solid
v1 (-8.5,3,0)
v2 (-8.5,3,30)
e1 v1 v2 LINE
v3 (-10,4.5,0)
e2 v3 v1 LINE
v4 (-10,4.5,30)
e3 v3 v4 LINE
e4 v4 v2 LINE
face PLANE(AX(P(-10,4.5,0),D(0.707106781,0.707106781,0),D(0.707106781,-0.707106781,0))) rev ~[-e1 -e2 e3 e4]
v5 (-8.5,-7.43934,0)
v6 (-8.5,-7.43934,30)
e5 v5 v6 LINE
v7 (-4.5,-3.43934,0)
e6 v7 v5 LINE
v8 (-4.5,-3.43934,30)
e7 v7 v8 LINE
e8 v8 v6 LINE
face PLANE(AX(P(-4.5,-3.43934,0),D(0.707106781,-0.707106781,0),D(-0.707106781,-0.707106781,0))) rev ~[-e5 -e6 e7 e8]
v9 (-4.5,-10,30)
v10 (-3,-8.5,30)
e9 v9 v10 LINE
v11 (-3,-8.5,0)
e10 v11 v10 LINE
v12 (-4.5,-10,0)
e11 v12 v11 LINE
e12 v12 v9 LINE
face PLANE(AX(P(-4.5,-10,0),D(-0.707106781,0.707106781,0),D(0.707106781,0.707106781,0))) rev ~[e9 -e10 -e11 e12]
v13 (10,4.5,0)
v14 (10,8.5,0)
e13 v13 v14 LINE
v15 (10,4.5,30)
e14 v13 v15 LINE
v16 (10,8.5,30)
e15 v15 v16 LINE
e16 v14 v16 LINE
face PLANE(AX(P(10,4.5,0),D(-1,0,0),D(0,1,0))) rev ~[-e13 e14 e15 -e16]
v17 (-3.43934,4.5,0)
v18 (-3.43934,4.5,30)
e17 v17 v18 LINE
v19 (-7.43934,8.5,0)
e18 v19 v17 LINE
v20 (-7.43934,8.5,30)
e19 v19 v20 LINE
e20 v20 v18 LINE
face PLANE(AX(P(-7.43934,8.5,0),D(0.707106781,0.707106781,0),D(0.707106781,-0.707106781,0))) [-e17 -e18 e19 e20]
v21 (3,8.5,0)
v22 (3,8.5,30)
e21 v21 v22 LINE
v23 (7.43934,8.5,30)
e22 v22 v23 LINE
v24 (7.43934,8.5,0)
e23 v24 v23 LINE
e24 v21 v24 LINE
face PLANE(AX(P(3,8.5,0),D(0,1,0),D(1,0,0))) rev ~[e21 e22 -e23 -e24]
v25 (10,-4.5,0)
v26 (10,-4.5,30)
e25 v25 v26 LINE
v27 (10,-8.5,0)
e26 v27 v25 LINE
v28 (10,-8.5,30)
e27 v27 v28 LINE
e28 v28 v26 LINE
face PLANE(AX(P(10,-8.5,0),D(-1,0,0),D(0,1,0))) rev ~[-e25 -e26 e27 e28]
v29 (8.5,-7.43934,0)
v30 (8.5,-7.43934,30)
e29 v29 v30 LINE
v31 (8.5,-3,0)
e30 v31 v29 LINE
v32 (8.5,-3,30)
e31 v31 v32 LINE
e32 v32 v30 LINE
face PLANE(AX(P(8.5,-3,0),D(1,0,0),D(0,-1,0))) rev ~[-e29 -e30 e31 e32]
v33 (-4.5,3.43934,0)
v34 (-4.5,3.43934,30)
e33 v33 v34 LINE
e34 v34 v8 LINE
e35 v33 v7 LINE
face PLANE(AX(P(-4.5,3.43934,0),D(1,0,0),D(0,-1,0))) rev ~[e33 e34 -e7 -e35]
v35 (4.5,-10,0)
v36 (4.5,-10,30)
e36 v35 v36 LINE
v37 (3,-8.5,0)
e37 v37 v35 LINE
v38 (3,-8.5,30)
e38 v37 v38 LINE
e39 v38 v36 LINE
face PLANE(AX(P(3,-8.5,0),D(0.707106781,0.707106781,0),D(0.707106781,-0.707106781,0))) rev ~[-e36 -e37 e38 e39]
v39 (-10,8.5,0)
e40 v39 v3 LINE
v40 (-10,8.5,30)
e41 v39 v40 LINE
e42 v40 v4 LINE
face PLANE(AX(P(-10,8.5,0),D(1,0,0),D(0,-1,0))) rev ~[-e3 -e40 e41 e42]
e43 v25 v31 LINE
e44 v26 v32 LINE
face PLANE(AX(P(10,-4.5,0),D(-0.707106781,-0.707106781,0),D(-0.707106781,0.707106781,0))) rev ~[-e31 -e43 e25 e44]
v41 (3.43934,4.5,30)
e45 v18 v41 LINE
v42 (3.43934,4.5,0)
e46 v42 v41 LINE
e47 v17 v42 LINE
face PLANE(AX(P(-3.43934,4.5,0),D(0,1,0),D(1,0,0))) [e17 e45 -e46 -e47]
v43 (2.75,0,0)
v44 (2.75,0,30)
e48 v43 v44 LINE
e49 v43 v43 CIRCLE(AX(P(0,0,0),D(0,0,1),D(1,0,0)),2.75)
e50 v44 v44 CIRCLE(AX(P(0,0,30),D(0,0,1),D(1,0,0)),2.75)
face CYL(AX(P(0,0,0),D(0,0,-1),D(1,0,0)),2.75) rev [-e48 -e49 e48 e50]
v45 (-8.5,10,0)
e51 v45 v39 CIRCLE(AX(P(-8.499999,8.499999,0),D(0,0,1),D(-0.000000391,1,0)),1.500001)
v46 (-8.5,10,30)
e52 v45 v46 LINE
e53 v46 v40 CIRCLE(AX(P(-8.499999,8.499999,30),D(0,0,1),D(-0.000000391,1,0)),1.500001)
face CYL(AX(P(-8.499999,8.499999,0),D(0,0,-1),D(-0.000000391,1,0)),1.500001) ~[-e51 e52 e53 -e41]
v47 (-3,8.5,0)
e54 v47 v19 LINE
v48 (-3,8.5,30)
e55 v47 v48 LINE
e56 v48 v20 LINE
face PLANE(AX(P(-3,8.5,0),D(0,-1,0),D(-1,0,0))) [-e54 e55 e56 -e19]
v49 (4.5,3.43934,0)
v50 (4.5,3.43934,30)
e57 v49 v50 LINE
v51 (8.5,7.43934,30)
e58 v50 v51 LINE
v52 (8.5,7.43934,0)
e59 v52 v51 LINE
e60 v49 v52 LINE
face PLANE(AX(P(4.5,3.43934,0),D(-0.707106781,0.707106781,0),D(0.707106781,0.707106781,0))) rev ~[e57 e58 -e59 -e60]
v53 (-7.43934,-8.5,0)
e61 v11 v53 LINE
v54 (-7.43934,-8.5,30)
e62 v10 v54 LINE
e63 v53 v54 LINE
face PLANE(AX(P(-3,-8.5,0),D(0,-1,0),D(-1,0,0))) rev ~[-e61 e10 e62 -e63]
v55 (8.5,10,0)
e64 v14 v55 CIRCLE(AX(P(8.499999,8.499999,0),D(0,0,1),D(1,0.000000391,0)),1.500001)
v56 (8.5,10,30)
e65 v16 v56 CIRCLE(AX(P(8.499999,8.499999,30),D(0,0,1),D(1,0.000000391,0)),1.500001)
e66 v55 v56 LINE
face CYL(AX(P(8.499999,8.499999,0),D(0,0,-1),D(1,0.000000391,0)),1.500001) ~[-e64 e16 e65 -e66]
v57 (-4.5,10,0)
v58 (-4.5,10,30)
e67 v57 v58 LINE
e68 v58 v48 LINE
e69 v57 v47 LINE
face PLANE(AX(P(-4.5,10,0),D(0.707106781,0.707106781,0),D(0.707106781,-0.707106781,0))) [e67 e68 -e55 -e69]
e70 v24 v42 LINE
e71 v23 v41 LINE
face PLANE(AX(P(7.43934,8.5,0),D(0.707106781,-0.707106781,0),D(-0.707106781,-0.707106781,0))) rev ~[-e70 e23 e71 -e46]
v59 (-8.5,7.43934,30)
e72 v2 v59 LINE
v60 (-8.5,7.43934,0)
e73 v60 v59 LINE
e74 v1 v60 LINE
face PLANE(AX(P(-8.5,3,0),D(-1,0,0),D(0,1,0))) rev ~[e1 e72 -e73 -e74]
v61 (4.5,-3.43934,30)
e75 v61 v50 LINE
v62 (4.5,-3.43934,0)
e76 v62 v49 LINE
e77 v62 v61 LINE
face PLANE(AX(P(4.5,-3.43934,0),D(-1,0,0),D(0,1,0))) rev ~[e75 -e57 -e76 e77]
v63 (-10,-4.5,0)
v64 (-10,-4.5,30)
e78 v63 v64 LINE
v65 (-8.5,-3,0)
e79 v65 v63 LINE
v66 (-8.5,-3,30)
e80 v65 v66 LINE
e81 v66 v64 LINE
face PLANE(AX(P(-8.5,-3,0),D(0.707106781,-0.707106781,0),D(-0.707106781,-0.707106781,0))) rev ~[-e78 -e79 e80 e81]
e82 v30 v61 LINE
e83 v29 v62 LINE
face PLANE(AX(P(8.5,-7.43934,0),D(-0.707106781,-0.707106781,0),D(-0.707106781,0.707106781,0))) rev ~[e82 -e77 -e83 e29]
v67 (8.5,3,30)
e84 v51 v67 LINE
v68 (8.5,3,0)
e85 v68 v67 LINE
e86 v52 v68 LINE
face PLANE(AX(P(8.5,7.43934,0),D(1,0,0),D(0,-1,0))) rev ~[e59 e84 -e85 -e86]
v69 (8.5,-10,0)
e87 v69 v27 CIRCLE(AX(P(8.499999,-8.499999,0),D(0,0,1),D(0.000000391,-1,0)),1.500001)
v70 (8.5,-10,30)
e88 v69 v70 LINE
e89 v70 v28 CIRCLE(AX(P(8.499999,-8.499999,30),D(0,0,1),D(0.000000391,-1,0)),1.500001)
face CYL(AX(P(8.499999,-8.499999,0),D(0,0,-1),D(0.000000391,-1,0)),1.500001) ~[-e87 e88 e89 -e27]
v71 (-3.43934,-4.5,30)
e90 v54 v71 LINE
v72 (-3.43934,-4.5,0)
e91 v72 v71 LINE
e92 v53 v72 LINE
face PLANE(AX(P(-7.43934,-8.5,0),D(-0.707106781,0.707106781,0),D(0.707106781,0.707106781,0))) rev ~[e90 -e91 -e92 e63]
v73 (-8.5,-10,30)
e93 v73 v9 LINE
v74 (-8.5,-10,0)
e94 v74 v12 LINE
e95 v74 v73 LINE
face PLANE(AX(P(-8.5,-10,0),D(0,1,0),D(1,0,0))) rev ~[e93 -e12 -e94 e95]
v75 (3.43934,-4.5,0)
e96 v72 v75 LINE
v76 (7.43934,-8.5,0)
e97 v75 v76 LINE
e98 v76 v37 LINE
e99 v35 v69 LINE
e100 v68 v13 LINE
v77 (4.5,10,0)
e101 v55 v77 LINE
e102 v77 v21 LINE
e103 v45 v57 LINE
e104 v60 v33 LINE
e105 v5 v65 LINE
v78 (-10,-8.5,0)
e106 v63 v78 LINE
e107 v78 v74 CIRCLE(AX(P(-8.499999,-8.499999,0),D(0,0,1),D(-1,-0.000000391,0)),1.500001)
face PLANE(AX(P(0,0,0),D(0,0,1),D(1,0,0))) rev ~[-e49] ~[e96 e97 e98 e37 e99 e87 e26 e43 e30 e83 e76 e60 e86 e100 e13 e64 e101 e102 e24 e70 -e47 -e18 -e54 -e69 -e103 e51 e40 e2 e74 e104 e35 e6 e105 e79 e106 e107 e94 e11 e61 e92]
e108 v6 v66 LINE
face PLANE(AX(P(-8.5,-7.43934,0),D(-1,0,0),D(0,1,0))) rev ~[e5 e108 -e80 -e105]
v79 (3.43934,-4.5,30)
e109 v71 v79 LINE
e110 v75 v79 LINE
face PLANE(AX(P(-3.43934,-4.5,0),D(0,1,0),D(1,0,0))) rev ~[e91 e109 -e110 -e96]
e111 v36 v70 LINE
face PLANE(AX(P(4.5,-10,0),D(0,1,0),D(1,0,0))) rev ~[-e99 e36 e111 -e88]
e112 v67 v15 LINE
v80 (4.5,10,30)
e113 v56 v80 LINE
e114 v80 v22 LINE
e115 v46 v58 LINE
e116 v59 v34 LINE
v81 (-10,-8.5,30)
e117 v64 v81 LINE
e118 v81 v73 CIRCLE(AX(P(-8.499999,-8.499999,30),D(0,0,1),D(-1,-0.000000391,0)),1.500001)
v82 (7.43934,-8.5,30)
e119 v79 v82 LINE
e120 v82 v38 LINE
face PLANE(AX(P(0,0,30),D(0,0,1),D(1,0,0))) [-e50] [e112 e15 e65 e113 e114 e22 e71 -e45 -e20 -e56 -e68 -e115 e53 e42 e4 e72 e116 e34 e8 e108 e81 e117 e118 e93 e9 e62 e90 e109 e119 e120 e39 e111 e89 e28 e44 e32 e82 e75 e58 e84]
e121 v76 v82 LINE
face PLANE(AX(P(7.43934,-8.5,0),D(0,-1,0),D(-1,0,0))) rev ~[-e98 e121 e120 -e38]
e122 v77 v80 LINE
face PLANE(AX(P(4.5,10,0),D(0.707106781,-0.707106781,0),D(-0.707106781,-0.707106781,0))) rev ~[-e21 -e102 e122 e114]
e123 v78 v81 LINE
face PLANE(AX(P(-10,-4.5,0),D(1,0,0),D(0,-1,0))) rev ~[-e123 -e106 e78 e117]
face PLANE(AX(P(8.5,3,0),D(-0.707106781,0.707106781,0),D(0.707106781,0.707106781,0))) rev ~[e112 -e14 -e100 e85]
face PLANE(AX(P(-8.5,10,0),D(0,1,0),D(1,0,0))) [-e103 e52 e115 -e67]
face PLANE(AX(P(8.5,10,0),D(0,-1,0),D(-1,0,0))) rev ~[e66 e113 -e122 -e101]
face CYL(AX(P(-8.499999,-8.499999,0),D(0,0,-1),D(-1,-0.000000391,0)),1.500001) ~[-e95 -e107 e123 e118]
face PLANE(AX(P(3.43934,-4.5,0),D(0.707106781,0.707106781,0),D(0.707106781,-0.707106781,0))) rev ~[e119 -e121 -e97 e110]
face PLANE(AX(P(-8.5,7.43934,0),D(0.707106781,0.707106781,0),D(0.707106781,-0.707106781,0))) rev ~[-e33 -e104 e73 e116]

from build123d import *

# Parameters (mm, degrees)
SKETCH_R  = 2.75
PAD_DEPTH = 30


with BuildPart() as part:
    # Sketch → Pad (new body)
    with BuildSketch(Plane.XY):
        with BuildLine():
            ThreePointArc((-8.5, 10), (-9.56066, 9.56066), (-10, 8.5))
            Line((-10, 8.5), (-10, 4.5))
            Line((-10, 4.5), (-8.5, 3))
            Line((-8.5, 3), (-8.5, 7.43934))
            Line((-8.5, 7.43934), (-4.5, 3.43934))
            Line((-4.5, 3.43934), (-4.5, -3.43934))
            Line((-4.5, -3.43934), (-8.5, -7.43934))
            Line((-8.5, -7.43934), (-8.5, -3))
            Line((-8.5, -3), (-10, -4.5))
            Line((-10, -4.5), (-10, -8.5))
            ThreePointArc((-10, -8.5), (-9.56066, -9.56066), (-8.5, -10))
            Line((-8.5, -10), (-4.5, -10))
            Line((-4.5, -10), (-3, -8.5))
            Line((-3, -8.5), (-7.43934, -8.5))
            Line((-7.43934, -8.5), (-3.43934, -4.5))
            Line((-3.43934, -4.5), (3.43934, -4.5))
            Line((3.43934, -4.5), (7.43934, -8.5))
            Line((7.43934, -8.5), (3, -8.5))
            Line((3, -8.5), (4.5, -10))
            Line((4.5, -10), (8.5, -10))
            ThreePointArc((8.5, -10), (9.56066, -9.56066), (10, -8.5))
            Line((10, -8.5), (10, -4.5))
            Line((10, -4.5), (8.5, -3))
            Line((8.5, -3), (8.5, -7.43934))
            Line((8.5, -7.43934), (4.5, -3.43934))
            Line((4.5, -3.43934), (4.5, 3.43934))
            Line((4.5, 3.43934), (8.5, 7.43934))
            Line((8.5, 7.43934), (8.5, 3))
            Line((8.5, 3), (10, 4.5))
            Line((10, 4.5), (10, 8.5))
            ThreePointArc((10, 8.5), (9.56066, 9.56066), (8.5, 10))
            Line((8.5, 10), (4.5, 10))
            Line((4.5, 10), (3, 8.5))
            Line((3, 8.5), (7.43934, 8.5))
            Line((7.43934, 8.5), (3.43934, 4.5))
            Line((-3.43934, 4.5), (3.43934, 4.5))
            Line((-7.43934, 8.5), (-3.43934, 4.5))
            Line((-3, 8.5), (-7.43934, 8.5))
            Line((-4.5, 10), (-3, 8.5))
            Line((-8.5, 10), (-4.5, 10))
        make_face()
        Circle(SKETCH_R, mode=Mode.SUBTRACT)
    extrude(amount=PAD_DEPTH)


solid = part.part
